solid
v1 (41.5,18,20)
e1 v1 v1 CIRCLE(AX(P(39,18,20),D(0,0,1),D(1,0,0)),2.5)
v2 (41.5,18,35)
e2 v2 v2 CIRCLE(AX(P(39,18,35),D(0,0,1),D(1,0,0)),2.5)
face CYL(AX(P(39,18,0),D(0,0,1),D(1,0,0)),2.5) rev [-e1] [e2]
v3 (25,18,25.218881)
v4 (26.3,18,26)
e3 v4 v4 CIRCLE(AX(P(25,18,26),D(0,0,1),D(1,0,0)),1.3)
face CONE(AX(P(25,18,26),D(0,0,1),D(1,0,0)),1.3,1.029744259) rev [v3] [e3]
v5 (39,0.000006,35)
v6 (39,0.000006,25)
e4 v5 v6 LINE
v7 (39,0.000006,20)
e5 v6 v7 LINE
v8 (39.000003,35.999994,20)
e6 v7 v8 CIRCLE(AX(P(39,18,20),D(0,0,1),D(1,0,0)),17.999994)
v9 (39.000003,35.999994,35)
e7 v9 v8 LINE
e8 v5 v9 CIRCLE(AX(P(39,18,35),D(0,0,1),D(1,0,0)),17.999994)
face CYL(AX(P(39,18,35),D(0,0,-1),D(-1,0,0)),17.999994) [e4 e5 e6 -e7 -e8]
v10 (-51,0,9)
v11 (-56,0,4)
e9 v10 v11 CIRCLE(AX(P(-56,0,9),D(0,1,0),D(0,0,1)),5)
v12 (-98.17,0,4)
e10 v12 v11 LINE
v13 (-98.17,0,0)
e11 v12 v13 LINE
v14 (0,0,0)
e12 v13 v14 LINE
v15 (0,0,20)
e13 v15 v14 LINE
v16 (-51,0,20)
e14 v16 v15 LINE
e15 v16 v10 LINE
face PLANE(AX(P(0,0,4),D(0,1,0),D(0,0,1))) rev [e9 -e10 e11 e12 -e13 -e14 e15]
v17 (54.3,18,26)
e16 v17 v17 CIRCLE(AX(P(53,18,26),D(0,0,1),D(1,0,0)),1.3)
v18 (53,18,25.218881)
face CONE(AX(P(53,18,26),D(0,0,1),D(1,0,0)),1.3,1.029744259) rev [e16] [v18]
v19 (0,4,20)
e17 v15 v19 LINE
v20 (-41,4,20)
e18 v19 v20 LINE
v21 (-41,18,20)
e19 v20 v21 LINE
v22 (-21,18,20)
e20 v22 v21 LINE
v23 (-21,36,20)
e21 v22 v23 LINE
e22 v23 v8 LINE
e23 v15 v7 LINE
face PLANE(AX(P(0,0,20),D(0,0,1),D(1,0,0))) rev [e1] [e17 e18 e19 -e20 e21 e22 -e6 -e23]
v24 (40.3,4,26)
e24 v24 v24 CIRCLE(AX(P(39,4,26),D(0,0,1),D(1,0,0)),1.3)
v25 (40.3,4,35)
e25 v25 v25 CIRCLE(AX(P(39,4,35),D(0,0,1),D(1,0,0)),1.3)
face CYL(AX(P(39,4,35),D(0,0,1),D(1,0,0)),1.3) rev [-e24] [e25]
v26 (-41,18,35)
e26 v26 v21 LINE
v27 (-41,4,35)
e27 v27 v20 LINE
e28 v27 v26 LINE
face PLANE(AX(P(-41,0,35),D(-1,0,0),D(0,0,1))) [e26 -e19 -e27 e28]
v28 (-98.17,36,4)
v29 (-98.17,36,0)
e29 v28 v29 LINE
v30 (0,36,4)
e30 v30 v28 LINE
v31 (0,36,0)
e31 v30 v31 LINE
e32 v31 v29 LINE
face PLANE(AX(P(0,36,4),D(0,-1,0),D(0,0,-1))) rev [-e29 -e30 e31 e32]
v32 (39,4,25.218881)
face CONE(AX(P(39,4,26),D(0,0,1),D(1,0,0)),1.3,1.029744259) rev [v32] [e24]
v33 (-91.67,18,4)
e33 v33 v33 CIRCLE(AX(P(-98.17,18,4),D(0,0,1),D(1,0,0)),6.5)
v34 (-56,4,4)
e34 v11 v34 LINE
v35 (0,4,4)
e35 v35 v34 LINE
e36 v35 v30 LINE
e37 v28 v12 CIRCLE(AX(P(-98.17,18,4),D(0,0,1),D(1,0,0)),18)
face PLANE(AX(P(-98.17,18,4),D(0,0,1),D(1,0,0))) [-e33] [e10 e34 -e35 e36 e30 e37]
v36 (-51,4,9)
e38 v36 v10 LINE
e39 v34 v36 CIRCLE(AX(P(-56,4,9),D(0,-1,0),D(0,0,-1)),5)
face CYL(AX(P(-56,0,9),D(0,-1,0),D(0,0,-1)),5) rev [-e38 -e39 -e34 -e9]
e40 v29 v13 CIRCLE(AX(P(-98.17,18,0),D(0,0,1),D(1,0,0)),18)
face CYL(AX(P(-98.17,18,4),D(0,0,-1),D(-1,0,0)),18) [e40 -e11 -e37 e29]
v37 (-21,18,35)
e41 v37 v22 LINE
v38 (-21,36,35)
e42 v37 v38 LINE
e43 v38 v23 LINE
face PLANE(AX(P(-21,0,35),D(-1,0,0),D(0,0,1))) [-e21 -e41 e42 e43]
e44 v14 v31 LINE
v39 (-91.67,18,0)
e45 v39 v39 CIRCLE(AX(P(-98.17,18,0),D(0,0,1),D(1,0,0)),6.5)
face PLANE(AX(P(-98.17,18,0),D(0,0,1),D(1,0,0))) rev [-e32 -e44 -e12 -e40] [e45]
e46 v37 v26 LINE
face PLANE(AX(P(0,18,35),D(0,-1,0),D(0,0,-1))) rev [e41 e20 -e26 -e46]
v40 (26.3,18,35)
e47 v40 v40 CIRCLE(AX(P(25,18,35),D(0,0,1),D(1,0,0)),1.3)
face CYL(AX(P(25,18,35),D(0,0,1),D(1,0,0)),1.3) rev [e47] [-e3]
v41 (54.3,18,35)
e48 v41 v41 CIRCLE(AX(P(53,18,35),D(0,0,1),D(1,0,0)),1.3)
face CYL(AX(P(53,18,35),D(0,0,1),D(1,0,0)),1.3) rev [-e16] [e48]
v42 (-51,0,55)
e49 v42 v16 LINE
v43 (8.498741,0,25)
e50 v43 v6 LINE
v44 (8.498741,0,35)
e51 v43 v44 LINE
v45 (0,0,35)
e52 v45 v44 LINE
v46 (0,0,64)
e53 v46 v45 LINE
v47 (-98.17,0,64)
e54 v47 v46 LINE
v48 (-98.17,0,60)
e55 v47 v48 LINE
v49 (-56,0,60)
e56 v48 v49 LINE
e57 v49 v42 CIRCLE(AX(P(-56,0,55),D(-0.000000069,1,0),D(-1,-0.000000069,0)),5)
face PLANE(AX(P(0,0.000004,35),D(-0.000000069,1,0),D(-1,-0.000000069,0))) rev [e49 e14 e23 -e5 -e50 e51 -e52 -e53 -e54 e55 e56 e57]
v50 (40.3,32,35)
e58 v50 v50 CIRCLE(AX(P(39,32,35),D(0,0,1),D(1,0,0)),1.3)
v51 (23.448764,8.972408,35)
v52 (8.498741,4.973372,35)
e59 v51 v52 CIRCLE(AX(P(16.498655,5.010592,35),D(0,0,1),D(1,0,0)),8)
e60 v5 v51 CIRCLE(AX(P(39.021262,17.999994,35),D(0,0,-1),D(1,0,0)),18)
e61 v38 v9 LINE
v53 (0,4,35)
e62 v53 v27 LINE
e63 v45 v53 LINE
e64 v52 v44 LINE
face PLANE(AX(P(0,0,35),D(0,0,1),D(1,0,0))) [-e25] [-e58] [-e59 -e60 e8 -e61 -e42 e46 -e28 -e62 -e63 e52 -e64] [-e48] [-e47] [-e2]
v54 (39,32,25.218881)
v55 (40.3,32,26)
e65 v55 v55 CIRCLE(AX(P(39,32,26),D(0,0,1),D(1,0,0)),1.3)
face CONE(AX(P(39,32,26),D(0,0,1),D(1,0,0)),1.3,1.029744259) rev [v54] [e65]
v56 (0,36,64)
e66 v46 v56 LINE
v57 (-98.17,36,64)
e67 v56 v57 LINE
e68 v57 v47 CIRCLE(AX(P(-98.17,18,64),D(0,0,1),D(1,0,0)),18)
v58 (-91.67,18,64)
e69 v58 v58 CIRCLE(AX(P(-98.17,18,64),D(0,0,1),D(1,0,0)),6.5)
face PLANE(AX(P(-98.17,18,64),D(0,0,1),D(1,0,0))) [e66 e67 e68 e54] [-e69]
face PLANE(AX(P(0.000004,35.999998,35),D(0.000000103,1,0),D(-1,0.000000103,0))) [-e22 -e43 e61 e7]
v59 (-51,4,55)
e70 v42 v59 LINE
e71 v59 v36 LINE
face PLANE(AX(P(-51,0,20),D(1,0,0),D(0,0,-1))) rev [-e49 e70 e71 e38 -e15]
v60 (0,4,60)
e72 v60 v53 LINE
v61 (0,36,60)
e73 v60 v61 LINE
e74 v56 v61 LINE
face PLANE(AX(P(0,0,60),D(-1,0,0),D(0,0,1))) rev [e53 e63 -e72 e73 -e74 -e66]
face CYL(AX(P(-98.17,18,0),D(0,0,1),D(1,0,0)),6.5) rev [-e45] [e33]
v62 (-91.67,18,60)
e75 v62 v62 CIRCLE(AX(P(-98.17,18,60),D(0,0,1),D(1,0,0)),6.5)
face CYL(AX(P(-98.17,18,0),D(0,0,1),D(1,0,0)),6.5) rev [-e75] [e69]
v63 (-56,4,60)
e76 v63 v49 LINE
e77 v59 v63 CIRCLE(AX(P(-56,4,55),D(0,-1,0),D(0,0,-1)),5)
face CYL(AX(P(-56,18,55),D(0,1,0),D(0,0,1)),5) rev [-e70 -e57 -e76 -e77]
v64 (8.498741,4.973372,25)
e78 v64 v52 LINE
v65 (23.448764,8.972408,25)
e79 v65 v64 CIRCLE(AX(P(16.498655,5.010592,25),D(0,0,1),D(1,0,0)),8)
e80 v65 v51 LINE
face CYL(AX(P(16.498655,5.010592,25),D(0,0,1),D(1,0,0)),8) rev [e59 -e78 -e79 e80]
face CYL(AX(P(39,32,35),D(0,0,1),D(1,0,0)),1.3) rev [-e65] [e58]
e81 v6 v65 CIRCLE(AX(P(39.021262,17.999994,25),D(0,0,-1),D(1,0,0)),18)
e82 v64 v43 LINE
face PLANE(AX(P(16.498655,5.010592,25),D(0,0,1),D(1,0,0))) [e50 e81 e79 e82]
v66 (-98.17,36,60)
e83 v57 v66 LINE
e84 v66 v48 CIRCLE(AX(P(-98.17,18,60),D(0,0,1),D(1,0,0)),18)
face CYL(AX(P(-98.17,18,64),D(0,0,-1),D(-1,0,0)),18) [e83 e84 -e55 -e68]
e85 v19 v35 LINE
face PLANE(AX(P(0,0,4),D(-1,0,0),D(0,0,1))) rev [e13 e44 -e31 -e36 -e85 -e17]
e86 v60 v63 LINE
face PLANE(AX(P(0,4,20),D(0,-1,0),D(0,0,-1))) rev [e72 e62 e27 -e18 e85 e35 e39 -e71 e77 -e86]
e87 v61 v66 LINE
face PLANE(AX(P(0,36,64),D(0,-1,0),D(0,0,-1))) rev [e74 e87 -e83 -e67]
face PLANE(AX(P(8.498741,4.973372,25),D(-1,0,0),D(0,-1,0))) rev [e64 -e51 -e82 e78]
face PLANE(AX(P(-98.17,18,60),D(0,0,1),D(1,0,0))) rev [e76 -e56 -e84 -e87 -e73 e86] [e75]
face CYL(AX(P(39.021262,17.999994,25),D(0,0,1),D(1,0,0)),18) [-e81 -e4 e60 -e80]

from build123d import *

# Parameters (mm, degrees)
BOSS_EXTRUDE1_DEPTH       = 4
SKETCH2_W                 = 51
SKETCH2_H                 = 4
BOSS_EXTRUDE2_DEPTH       = 16
BOSS_EXTRUDE3_DEPTH       = 15
SKETCH4_W                 = 51
SKETCH4_H                 = 4
BOSS_EXTRUDE4_DEPTH       = 25
BOSS_EXTRUDE5_DEPTH       = 4
SKETCH6_R                 = 6.5
CUT_EXTRUDE1_DEPTH        = 138.431688125
SKETCH7_R                 = 2.5
CUT_EXTRUDE2_DEPTH        = 127.55618871
CUT_EXTRUDE7_DEPTH        = 10
M3X0_5_TAPPED_HOLE1_D     = 2.6
M3X0_5_TAPPED_HOLE1_DEPTH = 9
M3X0_5_TAPPED_HOLE1_TIP   = 0.781118805
FILLET1_R                 = 5


with BuildPart() as part:
    # Sketch1 → Boss-Extrude1 (new body)
    with BuildSketch(Plane.XY):
        with BuildLine():
            Line((0, 0), (-98.17, 0))
            ThreePointArc((-98.17, 0), (-116.17, 18), (-98.17, 36))
            Line((-98.17, 36), (0, 36))
            Line((0, 36), (0, 0))
        make_face()
    extrude(amount=BOSS_EXTRUDE1_DEPTH)

    # Sketch2 → Boss-Extrude2 (add)
    with BuildSketch(Plane.XY.offset(4)):
        with Locations((-25.5, 2)):
            Rectangle(SKETCH2_W, SKETCH2_H)
    extrude(amount=BOSS_EXTRUDE2_DEPTH)

    # Sketch3 → Boss-Extrude3 (add)
    with BuildSketch(Plane.XY.offset(20)):
        with BuildLine():
            Line((-51, 1.1e-08), (-51, 4.000000011))
            Line((-51, 4.000000011), (-41, 4.000000011))
            Line((-41, 4.000000011), (-41, 18.000000011))
            Line((-41, 18.000000011), (-21, 18.000000011))
            Line((-21, 18.000000011), (-21, 36.000000011))
            Line((-21, 36.000000011), (39.000002857, 35.999993821))
            ThreePointArc((39.000002857, 35.999993821), (56.999993821, 17.999998572), (39, 6.179e-06))
            Line((39, 6.179e-06), (-51, 1.1e-08))
        make_face()
    extrude(amount=BOSS_EXTRUDE3_DEPTH)

    # Sketch4 → Boss-Extrude4 (add)
    with BuildSketch(Plane.XY.offset(35)):
        with Locations((-25.5, 2)):
            Rectangle(SKETCH4_W, SKETCH4_H)
    extrude(amount=BOSS_EXTRUDE4_DEPTH)

    # Sketch5 → Boss-Extrude5 (add)
    with BuildSketch(Plane.XY.offset(60)):
        with BuildLine():
            Line((0, 0), (-98.17, 0))
            ThreePointArc((-98.17, 0), (-116.17, 18), (-98.17, 36))
            Line((-98.17, 36), (0, 36))
            Line((0, 36), (0, 0))
        make_face()
    extrude(amount=BOSS_EXTRUDE5_DEPTH)

    # Sketch6 → Cut-Extrude1 (cut, through all)
    with BuildSketch(Plane.XY.offset(64)):
        with Locations((-98.17, 18)):
            Circle(SKETCH6_R)
    extrude(amount=-CUT_EXTRUDE1_DEPTH, mode=Mode.SUBTRACT)

    # Sketch7 → Cut-Extrude2 (cut, through all)
    with BuildSketch(Plane.XY.offset(35)):
        with Locations((39, 18)):
            Circle(SKETCH7_R)
    extrude(amount=-CUT_EXTRUDE2_DEPTH, mode=Mode.SUBTRACT)

    # Sketch8 → Cut-Extrude7 (cut)
    with BuildSketch(Plane.XY.offset(35)):
        with BuildLine():
            Line((8.498741262, 4.973372122), (8.498741262, 0))
            Line((8.498741262, 0), (39, 6.179e-06))
            ThreePointArc((39, 6.179e-06), (30.025855334, 2.408885262), (23.448763614, 8.972408358))
            ThreePointArc((23.448763614, 8.972408358), (14.431387141, 12.738878418), (8.498741262, 4.973372122))
        make_face()
    extrude(amount=-CUT_EXTRUDE7_DEPTH, mode=Mode.SUBTRACT)

    # M3x0.5 Tapped Hole1
    with Locations(Plane.XY.offset(35)):
        with Locations((39, 32), (25, 18), (39, 4), (53, 18)):
            Hole(M3X0_5_TAPPED_HOLE1_D / 2, depth=M3X0_5_TAPPED_HOLE1_DEPTH)
            with Locations((0, 0, -(M3X0_5_TAPPED_HOLE1_DEPTH + M3X0_5_TAPPED_HOLE1_TIP / 2))):  # 118° drill point
                Cone(0, M3X0_5_TAPPED_HOLE1_D / 2, M3X0_5_TAPPED_HOLE1_TIP, mode=Mode.SUBTRACT)

    # Fillet1
    fillet1_edges = [part.edges().sort_by_distance(p)[0] for p in [
        (-51, 2, 4),
        (-51, 2, 60),
    ]]
    fillet(fillet1_edges, radius=FILLET1_R)


solid = part.part
